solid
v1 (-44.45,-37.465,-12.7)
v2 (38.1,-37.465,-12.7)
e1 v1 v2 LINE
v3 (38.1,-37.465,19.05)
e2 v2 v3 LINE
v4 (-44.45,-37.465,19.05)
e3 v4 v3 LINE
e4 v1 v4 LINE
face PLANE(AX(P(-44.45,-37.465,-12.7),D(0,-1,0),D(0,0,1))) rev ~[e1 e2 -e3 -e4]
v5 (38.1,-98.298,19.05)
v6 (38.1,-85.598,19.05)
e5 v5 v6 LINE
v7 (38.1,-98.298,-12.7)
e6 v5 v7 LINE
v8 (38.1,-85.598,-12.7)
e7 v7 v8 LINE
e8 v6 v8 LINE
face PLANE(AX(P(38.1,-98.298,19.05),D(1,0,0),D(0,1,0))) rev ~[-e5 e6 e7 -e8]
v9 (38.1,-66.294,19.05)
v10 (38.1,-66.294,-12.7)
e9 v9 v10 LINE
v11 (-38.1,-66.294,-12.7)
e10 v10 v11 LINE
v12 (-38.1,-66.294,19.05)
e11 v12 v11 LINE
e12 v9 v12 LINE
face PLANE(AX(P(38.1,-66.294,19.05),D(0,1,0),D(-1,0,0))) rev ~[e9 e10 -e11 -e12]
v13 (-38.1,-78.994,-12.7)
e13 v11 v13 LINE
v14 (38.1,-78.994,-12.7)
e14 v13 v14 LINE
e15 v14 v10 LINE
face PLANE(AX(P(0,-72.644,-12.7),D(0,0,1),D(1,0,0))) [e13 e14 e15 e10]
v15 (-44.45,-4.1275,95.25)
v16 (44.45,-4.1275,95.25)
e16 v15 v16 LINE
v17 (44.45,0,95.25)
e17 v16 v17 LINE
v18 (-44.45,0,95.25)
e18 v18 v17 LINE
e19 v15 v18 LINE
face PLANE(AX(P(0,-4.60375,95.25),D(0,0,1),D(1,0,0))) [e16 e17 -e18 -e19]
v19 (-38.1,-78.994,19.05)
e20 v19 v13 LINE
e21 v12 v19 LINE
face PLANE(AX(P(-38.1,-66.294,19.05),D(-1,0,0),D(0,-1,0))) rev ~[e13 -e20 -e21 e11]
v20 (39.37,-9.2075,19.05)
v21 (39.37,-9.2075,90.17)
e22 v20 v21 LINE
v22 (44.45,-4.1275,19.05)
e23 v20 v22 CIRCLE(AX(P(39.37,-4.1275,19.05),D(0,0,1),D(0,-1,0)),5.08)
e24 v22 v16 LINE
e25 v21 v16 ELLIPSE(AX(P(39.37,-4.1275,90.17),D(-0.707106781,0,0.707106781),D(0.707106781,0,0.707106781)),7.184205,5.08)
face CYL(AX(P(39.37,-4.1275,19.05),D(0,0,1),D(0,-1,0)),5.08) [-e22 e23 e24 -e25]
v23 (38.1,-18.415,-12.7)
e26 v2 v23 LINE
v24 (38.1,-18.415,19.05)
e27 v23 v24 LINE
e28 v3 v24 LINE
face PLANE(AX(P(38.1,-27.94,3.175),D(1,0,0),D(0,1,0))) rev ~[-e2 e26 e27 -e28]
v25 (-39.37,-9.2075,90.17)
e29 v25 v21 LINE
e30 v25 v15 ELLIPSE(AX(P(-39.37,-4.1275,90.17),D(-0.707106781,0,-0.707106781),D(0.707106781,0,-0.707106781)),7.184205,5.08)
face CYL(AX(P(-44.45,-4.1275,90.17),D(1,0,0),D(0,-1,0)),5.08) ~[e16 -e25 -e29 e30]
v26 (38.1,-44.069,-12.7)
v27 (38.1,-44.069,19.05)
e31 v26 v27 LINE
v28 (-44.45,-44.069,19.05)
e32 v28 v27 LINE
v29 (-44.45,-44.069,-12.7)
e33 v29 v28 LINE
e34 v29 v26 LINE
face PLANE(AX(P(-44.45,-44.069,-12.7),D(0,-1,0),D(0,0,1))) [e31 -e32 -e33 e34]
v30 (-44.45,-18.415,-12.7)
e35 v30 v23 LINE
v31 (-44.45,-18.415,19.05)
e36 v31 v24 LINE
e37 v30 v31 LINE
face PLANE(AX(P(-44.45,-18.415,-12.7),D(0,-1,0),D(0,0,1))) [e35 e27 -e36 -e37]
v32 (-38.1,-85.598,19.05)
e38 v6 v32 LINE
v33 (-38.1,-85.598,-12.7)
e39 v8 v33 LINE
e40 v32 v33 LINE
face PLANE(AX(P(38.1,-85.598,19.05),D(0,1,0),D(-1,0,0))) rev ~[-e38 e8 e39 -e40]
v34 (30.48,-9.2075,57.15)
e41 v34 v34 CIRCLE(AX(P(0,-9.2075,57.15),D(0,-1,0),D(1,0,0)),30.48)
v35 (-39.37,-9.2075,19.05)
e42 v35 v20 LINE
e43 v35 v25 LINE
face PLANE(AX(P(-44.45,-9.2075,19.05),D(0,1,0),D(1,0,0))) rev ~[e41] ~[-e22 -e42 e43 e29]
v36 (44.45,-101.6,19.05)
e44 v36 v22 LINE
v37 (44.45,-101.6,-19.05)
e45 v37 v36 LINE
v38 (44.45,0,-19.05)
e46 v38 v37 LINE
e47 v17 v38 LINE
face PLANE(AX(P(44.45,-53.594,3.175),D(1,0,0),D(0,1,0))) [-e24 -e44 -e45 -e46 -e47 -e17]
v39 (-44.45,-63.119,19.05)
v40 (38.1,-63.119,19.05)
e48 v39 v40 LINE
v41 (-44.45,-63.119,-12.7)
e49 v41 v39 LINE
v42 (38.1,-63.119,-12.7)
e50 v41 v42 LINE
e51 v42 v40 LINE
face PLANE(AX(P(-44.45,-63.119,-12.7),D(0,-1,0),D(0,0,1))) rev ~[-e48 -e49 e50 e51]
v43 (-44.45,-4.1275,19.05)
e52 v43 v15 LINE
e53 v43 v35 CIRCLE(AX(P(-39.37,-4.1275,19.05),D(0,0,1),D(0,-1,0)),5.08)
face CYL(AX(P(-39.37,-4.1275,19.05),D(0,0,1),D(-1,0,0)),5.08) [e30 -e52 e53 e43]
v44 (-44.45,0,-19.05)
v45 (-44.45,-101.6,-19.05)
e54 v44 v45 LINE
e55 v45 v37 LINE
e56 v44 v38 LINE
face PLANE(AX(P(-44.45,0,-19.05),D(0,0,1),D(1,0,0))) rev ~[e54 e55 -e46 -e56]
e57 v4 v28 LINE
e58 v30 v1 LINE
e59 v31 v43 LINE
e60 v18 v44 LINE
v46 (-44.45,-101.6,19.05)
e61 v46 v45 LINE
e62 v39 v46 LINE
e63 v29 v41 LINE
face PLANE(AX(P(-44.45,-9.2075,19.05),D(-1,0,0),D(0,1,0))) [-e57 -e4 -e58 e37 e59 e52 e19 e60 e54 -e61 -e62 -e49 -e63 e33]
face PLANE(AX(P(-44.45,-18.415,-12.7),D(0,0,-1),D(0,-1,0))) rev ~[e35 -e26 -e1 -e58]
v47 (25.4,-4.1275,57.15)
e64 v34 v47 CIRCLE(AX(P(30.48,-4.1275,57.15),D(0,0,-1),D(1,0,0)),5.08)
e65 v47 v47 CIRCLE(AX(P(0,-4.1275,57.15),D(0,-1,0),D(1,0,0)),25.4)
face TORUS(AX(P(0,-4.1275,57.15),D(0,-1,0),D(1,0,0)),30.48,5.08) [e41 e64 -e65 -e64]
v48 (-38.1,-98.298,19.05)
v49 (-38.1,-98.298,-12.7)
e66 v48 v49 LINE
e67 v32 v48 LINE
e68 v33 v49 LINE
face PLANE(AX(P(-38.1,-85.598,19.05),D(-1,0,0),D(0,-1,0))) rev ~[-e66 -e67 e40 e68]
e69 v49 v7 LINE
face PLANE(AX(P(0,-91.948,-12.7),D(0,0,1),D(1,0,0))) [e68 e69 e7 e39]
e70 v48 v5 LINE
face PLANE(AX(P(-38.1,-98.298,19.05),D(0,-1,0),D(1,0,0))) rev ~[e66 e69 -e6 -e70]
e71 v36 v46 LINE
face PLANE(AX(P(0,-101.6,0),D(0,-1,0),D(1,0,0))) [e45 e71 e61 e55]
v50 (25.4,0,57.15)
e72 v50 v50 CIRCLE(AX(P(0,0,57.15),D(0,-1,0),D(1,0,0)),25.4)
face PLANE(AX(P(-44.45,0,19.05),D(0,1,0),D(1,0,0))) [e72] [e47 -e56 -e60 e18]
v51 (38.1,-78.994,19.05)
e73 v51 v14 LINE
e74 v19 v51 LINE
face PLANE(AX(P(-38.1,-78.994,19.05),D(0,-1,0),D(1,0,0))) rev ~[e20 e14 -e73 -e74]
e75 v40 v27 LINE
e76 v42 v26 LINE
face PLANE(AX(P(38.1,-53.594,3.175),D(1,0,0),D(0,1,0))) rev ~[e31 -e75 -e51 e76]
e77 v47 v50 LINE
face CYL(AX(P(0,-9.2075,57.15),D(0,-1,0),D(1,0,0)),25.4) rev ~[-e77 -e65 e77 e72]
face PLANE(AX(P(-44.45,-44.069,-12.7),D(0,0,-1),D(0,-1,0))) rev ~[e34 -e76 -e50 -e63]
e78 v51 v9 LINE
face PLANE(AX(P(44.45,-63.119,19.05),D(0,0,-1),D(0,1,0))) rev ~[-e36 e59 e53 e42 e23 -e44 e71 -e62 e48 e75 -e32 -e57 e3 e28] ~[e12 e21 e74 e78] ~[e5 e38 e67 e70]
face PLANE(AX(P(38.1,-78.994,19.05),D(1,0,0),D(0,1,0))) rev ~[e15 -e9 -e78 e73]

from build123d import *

# Parameters (mm, degrees)
F1_DEPTH  = 101.6
F3_DEPTH  = 31.75
F4_W      = 19.05
F4_H      = 31.75
F5_DEPTH  = 88.901
F6_W      = 88.9
F6_H      = 9.2075
F7_DEPTH  = 76.2
F8_R      = 25.4
F9_DEPTH  = 9.2085
F10_R     = 5.08
F11_W     = 19.05
F11_H     = 31.75
F12_DEPTH = 6.35


with BuildPart() as f1:
    # F0 (on Front) → F1 (new body)
    with BuildSketch(Plane.XZ):
        Polygon((44.45, 19.05), (0, 19.05), (-44.45, 19.05), (-44.45, 0), (-44.45, -19.05), (0, -19.05), (44.45, -19.05), (44.45, 0), align=None)
    extrude(amount=F1_DEPTH)

    # F2 (on face) → F3 (cut)
    with BuildSketch(Plane.XY.offset(19.05)):
        Polygon((38.1, -85.598), (0, -85.598), (-38.1, -85.598), (-38.1, -98.298), (0, -98.298), (38.1, -98.298), align=None)
        Polygon((-38.1, -78.994), (0, -78.994), (38.1, -78.994), (38.1, -66.294), (0, -66.294), (-38.1, -66.294), align=None)
    extrude(amount=-F3_DEPTH, mode=Mode.SUBTRACT)

    # F4 (on face) → F5 (cut, through all)
    with BuildSketch(Plane(origin=(-44.45, 0, 0), x_dir=(0, -1, 0), z_dir=(-1, 0, 0))):
        with Locations((53.594, 3.175)):
            Rectangle(F4_W, F4_H)
        with Locations((27.94, 3.175)):
            Rectangle(F4_W, F4_H)
    extrude(amount=-F5_DEPTH, mode=Mode.SUBTRACT)

    # F6 (on face) → F7 (join)
    with BuildSketch(Plane.XY.offset(19.05)):
        with Locations((0, -4.60375)):
            Rectangle(F6_W, F6_H)
    extrude(amount=F7_DEPTH)

    # F8 (on face) → F9 (cut, through all)
    with BuildSketch(Plane.XZ.offset(9.2075)):
        with Locations((0, 57.15)):
            Circle(F8_R)
    extrude(amount=-F9_DEPTH, mode=Mode.SUBTRACT)

    # F10
    f10_edges = [f1.edges().sort_by_distance(p)[0] for p in [
        (0, -9.2075, 95.25),
        (-44.45, -9.2075, 57.15),
        (44.45, -9.2075, 57.15),
        (-25.4, -9.2075, 57.15),
    ]]
    fillet(f10_edges, radius=F10_R)

    # F11 (on face) → F12 (join, through all)
    with BuildSketch(Plane.YZ.offset(44.45)):
        with Locations((-53.594, 3.175)):
            Rectangle(F11_W, F11_H)
        with Locations((-27.94, 3.175)):
            Rectangle(F11_W, F11_H)
    extrude(amount=-F12_DEPTH)


solid = f1.part
